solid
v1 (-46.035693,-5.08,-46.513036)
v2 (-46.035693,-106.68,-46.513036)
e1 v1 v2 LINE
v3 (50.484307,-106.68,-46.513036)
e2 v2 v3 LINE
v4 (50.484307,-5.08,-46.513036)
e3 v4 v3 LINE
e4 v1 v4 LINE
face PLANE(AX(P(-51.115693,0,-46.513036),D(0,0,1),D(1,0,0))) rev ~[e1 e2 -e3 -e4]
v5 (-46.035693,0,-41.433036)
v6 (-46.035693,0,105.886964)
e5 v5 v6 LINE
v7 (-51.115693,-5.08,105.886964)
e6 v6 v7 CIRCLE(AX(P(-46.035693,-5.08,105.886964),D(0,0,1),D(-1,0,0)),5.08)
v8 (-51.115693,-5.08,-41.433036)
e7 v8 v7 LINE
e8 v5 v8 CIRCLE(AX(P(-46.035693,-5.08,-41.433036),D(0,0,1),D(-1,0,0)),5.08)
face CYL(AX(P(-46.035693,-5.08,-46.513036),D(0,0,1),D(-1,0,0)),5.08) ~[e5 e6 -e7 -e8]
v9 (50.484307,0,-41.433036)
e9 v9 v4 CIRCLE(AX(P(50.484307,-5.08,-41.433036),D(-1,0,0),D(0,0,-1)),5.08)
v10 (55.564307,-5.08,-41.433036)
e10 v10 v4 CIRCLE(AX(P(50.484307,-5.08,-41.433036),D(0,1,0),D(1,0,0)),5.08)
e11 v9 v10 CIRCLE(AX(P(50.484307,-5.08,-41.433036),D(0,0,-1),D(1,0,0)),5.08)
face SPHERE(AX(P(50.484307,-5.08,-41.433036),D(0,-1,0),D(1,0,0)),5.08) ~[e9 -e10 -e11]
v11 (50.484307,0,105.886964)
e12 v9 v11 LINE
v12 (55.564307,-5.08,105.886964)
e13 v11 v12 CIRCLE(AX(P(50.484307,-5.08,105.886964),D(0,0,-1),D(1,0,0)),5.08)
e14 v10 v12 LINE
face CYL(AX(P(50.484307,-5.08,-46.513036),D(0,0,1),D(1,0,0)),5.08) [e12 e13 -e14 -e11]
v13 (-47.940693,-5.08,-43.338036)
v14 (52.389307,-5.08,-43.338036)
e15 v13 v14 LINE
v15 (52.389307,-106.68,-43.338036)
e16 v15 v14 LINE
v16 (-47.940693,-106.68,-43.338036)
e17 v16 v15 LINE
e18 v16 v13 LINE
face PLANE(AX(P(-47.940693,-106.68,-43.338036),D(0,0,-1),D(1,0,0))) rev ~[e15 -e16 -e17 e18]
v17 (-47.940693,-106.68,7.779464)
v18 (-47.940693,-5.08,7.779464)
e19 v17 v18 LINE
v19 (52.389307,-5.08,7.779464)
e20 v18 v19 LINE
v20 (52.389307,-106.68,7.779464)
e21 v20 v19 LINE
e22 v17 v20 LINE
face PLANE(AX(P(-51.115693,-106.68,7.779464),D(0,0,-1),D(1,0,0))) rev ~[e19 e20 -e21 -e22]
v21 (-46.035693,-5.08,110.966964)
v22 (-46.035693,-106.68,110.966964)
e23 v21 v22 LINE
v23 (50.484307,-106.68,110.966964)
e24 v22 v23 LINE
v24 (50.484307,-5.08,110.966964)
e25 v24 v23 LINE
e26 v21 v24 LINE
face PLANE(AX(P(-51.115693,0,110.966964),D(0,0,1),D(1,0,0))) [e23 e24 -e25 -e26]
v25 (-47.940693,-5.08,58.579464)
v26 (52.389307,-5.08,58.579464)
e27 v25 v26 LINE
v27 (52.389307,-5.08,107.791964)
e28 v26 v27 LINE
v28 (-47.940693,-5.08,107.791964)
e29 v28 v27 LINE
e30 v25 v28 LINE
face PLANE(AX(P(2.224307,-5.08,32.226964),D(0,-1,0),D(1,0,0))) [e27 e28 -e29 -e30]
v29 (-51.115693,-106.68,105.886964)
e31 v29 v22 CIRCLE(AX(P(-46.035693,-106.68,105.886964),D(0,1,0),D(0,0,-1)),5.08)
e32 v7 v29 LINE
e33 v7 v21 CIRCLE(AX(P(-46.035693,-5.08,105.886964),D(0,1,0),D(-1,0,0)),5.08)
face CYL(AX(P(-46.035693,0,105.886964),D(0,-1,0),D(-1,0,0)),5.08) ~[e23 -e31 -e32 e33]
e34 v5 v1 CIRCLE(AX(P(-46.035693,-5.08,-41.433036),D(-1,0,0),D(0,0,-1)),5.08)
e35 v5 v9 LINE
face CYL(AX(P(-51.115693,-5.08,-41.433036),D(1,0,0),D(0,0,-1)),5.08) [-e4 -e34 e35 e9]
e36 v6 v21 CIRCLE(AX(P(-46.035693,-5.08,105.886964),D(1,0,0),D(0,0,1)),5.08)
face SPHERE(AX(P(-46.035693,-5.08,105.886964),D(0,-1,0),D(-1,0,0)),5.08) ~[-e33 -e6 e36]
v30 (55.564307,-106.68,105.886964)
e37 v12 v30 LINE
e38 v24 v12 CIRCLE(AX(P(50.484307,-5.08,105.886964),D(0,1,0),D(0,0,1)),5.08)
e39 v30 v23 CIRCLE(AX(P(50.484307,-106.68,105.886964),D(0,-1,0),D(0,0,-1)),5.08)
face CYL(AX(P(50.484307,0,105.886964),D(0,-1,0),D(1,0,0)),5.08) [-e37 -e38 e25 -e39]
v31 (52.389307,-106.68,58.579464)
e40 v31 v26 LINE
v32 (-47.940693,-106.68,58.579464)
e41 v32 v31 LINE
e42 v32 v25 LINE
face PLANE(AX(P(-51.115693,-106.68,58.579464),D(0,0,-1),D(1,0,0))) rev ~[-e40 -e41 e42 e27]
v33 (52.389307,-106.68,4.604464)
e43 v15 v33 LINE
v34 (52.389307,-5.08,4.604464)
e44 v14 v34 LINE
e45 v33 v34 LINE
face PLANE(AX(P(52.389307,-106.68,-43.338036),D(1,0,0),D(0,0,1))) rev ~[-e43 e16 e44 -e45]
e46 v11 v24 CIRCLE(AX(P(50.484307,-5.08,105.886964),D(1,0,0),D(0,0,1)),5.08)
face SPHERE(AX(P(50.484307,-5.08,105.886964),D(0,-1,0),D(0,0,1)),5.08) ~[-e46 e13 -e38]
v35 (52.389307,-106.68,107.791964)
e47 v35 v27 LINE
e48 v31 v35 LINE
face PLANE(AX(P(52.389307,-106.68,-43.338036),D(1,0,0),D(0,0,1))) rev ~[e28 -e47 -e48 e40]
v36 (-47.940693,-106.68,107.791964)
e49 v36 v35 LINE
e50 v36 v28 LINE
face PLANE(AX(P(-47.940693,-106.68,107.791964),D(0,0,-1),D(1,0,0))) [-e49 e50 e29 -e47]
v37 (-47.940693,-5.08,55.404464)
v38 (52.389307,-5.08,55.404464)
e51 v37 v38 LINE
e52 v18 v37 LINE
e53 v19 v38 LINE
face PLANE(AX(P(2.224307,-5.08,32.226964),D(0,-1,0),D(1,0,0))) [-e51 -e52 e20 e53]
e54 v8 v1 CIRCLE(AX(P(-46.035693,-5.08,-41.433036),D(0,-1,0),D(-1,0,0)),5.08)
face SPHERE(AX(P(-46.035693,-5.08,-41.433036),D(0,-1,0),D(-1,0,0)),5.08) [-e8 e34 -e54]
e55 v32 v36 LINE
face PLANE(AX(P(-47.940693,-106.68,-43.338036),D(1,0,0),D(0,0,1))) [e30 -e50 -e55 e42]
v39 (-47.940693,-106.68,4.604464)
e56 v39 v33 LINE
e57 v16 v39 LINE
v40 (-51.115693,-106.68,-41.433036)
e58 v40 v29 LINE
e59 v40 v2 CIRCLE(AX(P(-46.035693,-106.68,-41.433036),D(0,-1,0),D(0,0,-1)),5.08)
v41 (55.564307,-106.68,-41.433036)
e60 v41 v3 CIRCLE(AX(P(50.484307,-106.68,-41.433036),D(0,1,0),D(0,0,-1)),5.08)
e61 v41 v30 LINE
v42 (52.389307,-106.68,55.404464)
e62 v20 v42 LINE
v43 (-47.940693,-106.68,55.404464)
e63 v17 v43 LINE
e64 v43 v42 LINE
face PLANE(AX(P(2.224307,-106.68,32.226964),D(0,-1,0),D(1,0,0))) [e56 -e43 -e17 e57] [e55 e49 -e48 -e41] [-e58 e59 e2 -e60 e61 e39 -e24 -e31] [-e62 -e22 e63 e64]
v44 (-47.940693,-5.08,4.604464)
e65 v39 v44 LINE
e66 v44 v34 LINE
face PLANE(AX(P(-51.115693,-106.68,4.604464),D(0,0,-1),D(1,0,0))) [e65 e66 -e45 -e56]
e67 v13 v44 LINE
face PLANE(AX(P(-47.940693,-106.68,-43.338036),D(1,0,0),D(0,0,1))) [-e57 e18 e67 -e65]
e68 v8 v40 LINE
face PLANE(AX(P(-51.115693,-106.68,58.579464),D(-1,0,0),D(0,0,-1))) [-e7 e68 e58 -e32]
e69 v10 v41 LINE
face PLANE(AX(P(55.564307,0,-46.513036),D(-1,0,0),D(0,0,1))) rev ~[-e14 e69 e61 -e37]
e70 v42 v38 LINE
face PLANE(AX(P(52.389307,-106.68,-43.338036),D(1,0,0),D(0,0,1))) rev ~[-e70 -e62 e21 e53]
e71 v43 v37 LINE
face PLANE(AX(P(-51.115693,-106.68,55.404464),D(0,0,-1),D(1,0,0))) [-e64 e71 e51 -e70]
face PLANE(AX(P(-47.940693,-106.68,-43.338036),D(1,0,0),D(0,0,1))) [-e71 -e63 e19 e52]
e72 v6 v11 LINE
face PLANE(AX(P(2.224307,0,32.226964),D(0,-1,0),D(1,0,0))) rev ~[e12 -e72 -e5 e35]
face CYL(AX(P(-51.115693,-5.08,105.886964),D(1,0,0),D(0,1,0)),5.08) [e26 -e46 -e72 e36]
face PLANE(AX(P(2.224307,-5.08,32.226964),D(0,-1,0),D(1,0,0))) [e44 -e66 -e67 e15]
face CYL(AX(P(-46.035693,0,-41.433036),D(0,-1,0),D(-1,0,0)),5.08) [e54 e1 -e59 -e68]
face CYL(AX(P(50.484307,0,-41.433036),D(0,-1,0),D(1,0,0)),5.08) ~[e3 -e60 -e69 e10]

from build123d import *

# Parameters (mm, degrees)
F0_W     = 106.68
F0_H     = 157.48
F1_DEPTH = 106.68
F2_W     = 100.33
F2_H     = 151.13
F3_DEPTH = 101.6
F4_W     = 106.68
F4_H     = 1.5875
F5_DEPTH = 101.6
F6_R     = 5.08


with BuildPart() as f1:
    # F0 (on Front) → F1 (new body)
    with BuildSketch(Plane.XZ):
        with Locations((2.224307, 32.226964)):
            Rectangle(F0_W, F0_H)
    extrude(amount=F1_DEPTH)

    # F2 (on face) → F3 (cut)
    with BuildSketch(Plane.XZ.offset(106.68)):
        with Locations((2.224307, 32.226964)):
            Rectangle(F2_W, F2_H)
    extrude(amount=-F3_DEPTH, mode=Mode.SUBTRACT)

    # F4 (on face) → F5 (join)
    with BuildSketch(Plane.XZ.offset(106.68)):
        with Locations((2.224307, 56.198214)):
            Rectangle(F4_W, F4_H)
        with Locations((2.224307, 57.785714)):
            Rectangle(F4_W, F4_H)
        with Locations((2.224307, 6.985714)):
            Rectangle(F4_W, F4_H)
        with Locations((2.224307, 5.398214)):
            Rectangle(F4_W, F4_H)
    extrude(amount=-F5_DEPTH)

    # F6
    f6_edges = [f1.edges().sort_by_distance(p)[0] for p in [
        (55.564307, -53.34, 110.966964),
        (-51.115693, -53.34, 110.966964),
        (55.564307, -53.34, -46.513036),
        (-51.115693, -53.34, -46.513036),
        (-51.115693, 0, 32.226964),
        (2.224307, 0, 110.966964),
        (55.564307, 0, 32.226964),
        (2.224307, 0, -46.513036),
    ]]
    fillet(f6_edges, radius=F6_R)


solid = f1.part
